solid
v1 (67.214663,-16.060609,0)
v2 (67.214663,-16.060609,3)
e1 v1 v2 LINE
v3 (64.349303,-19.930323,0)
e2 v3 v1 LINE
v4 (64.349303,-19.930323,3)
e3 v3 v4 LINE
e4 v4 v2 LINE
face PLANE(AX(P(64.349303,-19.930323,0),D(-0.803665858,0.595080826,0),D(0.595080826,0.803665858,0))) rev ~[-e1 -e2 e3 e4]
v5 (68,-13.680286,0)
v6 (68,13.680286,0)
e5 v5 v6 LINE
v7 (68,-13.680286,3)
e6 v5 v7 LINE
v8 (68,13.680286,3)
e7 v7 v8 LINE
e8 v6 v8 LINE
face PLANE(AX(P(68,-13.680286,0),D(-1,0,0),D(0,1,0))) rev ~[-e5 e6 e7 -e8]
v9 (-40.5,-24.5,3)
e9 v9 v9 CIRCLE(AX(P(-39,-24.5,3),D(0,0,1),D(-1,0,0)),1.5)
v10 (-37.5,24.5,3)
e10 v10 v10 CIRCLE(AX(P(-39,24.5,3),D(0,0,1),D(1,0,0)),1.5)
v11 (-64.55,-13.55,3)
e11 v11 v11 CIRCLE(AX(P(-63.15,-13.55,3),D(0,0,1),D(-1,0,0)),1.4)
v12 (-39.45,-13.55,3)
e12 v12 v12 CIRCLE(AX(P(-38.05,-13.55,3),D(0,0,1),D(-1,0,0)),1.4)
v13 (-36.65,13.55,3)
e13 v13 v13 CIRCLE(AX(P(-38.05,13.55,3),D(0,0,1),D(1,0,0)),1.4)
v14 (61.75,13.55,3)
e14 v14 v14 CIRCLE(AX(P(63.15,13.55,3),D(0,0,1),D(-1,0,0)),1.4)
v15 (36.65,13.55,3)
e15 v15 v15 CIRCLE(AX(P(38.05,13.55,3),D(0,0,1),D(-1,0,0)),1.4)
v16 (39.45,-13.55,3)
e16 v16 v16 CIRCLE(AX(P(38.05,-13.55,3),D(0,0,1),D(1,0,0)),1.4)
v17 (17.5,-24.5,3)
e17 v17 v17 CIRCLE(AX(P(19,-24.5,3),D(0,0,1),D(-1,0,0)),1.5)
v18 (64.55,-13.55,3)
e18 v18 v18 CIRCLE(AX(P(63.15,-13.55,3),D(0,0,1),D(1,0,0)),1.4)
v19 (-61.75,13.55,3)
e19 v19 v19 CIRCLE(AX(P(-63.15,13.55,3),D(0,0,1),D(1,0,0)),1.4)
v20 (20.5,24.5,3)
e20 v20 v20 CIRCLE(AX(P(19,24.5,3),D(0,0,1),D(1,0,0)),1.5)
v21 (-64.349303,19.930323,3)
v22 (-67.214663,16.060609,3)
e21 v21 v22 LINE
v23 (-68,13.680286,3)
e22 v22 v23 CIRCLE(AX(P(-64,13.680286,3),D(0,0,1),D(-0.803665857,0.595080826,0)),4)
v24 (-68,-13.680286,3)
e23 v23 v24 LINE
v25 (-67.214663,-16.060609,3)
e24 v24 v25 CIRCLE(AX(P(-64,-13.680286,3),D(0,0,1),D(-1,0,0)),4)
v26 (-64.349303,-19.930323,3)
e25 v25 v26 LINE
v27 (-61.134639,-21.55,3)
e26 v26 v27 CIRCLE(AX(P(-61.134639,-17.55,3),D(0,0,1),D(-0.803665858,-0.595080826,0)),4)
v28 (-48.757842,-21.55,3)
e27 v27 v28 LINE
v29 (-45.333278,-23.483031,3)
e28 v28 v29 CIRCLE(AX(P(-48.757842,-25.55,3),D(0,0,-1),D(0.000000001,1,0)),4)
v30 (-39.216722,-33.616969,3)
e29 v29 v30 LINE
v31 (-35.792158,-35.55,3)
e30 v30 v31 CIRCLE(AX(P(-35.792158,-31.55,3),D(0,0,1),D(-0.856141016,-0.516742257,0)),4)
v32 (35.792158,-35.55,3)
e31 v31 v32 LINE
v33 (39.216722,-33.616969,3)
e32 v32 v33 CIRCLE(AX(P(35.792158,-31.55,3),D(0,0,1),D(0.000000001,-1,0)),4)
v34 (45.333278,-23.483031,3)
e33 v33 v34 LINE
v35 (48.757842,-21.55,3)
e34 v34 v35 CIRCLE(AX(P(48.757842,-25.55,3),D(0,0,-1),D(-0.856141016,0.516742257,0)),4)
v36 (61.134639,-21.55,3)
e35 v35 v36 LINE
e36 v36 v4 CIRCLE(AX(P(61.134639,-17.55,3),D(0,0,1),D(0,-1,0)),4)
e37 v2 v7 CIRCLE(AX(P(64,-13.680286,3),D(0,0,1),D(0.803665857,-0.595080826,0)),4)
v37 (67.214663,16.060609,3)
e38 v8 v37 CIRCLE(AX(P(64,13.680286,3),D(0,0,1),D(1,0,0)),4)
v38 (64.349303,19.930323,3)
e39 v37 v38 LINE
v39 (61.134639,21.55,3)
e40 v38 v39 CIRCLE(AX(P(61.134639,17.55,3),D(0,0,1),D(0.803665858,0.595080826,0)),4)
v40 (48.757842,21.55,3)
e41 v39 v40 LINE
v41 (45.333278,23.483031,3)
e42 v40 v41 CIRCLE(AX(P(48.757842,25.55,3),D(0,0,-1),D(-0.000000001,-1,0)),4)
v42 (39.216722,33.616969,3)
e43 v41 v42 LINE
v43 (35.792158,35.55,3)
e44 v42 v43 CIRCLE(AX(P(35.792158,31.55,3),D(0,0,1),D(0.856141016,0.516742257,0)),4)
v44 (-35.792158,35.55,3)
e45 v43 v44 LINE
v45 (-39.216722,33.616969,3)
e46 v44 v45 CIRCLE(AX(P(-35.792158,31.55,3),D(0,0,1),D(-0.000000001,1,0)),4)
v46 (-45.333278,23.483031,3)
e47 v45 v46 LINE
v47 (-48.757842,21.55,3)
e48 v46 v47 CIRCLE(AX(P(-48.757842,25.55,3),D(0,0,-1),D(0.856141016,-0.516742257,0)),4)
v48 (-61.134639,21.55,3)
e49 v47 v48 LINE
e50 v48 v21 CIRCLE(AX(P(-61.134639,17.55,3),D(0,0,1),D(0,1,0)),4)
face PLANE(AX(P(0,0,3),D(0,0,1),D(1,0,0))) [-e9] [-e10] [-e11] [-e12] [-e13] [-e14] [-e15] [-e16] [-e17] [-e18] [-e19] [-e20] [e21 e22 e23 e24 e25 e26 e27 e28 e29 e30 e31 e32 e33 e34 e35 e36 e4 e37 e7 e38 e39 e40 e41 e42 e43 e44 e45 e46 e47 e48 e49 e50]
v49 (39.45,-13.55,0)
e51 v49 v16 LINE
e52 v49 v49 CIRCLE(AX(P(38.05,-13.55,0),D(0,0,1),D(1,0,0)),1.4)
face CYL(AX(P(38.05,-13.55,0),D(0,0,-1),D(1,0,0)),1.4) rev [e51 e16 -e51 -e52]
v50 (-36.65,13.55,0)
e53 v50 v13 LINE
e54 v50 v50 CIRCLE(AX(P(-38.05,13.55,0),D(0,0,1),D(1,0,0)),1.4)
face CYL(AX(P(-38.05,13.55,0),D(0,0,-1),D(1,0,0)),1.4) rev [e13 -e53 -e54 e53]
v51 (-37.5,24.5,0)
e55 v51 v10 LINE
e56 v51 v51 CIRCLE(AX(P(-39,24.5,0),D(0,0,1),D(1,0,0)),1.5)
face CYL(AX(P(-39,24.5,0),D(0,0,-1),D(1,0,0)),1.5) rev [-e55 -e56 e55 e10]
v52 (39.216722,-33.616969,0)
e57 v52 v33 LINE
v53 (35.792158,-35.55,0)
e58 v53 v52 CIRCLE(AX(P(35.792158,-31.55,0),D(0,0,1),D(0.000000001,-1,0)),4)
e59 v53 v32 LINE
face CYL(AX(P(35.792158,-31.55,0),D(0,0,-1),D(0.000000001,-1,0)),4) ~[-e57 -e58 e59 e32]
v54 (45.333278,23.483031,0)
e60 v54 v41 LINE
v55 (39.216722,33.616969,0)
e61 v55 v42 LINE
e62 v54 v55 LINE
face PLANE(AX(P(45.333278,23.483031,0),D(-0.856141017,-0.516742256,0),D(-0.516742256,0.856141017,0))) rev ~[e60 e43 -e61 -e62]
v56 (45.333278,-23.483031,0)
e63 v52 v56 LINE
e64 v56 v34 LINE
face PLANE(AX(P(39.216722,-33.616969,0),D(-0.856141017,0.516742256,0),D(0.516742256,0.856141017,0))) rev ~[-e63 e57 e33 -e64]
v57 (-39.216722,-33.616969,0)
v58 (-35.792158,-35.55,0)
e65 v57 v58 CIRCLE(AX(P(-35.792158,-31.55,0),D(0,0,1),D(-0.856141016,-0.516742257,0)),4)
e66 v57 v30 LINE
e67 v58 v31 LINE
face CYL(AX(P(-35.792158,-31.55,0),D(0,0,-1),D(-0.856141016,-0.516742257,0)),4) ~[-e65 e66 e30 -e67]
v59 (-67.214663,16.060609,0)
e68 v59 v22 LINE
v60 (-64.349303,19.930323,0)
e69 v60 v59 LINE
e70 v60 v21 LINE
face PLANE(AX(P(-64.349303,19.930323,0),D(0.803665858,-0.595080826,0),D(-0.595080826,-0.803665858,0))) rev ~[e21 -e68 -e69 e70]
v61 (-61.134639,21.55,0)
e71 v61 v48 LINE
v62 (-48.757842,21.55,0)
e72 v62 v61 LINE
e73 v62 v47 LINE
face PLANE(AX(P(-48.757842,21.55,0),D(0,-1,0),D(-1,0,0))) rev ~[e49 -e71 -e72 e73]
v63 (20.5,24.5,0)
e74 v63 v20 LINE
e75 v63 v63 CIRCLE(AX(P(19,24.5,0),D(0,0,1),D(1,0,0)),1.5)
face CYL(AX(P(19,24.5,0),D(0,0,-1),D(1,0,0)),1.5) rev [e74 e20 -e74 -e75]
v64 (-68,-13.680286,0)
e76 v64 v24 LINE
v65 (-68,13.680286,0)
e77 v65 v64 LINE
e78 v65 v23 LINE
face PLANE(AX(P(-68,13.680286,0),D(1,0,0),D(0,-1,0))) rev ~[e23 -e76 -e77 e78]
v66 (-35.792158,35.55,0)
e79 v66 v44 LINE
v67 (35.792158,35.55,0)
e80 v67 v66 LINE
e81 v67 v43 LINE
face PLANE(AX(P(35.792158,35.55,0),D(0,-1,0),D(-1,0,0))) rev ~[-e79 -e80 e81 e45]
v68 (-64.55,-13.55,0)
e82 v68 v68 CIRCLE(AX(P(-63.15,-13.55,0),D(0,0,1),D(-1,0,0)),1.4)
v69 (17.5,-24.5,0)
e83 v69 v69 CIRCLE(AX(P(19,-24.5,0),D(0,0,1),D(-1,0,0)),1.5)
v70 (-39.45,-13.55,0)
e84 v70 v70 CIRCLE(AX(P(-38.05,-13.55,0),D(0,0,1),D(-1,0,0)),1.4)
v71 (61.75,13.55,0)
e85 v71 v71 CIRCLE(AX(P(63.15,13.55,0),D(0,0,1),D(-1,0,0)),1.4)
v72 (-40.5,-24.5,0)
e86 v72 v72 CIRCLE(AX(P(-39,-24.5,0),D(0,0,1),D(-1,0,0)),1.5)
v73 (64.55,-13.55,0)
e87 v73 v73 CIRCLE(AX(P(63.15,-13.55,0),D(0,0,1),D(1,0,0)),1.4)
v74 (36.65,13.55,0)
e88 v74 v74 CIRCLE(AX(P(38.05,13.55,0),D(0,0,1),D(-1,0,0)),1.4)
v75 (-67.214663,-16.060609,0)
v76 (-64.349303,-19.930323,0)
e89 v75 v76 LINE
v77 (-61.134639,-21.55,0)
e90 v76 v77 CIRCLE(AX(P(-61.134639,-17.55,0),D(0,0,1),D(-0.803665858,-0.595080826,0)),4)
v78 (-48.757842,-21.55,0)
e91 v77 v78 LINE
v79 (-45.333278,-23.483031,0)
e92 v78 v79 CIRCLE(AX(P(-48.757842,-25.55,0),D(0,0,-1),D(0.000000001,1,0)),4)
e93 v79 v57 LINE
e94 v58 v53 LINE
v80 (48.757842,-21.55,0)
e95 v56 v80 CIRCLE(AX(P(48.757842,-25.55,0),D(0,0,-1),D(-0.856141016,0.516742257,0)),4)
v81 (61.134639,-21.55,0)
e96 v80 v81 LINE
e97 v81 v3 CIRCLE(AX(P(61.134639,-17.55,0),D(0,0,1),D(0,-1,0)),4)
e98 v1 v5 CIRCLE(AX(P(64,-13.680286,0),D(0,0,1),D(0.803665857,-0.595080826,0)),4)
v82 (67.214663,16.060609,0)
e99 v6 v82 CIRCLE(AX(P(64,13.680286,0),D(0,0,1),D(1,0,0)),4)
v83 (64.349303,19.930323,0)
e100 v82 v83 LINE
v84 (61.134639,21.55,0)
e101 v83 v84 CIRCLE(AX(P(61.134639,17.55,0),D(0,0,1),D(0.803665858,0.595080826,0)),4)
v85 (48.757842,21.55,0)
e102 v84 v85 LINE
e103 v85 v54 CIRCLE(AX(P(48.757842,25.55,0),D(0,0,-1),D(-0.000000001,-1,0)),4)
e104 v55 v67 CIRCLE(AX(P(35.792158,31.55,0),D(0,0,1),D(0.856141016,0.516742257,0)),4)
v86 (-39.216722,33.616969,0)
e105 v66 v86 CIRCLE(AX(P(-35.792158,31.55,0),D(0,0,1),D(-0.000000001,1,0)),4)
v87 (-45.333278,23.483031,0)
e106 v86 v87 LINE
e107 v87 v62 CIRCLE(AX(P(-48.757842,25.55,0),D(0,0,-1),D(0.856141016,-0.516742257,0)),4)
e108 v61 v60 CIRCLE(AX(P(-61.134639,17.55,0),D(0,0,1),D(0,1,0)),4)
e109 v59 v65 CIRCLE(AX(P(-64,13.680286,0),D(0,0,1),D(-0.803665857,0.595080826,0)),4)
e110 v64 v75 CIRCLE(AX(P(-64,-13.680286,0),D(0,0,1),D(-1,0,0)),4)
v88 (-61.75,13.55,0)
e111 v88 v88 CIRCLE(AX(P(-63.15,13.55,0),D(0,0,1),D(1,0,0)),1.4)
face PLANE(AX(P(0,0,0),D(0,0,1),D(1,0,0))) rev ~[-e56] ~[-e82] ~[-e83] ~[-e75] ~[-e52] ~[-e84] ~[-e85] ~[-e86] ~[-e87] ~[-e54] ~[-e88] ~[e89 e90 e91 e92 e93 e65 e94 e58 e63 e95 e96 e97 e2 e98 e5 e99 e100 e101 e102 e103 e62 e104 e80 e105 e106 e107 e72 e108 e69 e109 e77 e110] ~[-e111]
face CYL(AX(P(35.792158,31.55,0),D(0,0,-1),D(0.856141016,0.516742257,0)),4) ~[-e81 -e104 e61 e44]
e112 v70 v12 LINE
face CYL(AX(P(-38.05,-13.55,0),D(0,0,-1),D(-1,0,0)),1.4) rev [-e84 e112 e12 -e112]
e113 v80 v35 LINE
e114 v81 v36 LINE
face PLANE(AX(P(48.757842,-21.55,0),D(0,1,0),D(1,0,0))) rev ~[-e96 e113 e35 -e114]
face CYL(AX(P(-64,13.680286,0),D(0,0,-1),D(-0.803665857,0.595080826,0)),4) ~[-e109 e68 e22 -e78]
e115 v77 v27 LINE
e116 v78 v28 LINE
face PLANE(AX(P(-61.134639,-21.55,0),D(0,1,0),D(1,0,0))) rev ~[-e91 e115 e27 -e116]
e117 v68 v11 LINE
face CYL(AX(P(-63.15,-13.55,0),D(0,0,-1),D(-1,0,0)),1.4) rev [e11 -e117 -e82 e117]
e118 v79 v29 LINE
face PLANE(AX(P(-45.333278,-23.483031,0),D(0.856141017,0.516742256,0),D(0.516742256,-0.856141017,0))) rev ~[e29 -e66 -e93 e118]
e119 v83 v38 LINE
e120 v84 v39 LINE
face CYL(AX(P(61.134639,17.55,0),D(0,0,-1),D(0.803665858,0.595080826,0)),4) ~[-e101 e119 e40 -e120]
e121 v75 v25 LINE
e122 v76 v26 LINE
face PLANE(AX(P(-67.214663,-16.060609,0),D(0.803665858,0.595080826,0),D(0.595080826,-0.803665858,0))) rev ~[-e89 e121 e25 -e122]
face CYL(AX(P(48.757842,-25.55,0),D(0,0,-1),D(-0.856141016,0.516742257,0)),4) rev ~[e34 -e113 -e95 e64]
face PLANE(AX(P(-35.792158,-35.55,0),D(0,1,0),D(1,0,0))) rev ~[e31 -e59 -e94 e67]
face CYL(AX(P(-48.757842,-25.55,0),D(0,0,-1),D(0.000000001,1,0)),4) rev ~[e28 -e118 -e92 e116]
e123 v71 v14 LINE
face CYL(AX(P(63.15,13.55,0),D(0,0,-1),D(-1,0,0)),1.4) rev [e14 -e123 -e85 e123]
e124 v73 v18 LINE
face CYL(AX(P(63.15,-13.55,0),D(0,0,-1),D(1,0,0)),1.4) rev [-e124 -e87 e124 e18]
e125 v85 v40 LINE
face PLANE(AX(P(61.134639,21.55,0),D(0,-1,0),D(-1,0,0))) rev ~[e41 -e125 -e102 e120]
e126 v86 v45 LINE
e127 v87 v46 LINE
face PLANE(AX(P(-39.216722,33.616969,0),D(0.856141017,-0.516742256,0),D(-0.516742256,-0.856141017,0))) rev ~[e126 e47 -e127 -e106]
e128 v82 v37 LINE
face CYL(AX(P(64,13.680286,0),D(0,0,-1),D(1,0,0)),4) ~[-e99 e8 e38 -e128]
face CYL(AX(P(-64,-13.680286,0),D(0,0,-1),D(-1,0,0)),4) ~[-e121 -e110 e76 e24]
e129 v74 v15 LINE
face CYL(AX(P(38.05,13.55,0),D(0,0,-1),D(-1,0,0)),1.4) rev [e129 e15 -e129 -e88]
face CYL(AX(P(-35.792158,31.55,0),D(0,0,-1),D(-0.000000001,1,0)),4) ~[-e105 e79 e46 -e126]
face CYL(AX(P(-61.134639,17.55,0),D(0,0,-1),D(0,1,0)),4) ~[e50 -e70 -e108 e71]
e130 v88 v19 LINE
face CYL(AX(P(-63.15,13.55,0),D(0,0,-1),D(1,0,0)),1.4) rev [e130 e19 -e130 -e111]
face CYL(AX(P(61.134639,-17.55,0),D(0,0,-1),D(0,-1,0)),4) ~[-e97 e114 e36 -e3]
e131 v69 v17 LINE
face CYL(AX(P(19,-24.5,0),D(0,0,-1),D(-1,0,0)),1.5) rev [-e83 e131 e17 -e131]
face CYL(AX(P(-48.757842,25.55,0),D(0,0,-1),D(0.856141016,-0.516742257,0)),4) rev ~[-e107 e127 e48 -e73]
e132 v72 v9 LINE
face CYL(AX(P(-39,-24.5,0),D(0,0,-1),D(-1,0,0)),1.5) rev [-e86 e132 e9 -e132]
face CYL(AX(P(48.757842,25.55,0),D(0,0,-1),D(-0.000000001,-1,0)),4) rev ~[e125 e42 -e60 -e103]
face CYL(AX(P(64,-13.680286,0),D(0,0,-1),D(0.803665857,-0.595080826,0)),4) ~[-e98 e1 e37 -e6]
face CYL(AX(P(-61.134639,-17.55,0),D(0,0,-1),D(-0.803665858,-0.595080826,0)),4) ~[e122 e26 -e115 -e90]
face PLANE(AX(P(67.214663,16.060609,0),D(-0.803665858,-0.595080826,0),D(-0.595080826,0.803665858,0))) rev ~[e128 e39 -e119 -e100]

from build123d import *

# Parameters (mm, degrees)
SKETCH1_R           = 1.4
SKETCH1_R_2         = 1.5
BOSS_EXTRUDE1_DEPTH = 3


with BuildPart() as part:
    # Sketch1 → Boss-Extrude1 (new body)
    with BuildSketch(Plane.XY):
        with BuildLine():
            Line((68, -13.680285878), (68, 13.680285878))
            ThreePointArc((68, 13.680285878), (67.79859538, 14.93355087), (67.21466343, 16.060609182))
            Line((67.21466343, 16.060609182), (64.349302592, 19.930323303))
            ThreePointArc((64.349302592, 19.930323303), (62.93445954, 21.122204726), (61.134639162, 21.55))
            Line((61.134639162, 21.55), (48.7578418, 21.55))
            ThreePointArc((48.7578418, 21.55), (46.79161141, 22.066619738), (45.333277733, 23.483030974))
            Line((45.333277733, 23.483030974), (39.216722267, 33.616969026))
            ThreePointArc((39.216722267, 33.616969026), (37.75838859, 35.033380262), (35.7921582, 35.55))
            Line((35.7921582, 35.55), (-35.7921582, 35.55))
            ThreePointArc((-35.7921582, 35.55), (-37.75838859, 35.033380262), (-39.216722267, 33.616969026))
            Line((-39.216722267, 33.616969026), (-45.333277733, 23.483030974))
            ThreePointArc((-45.333277733, 23.483030974), (-46.79161141, 22.066619738), (-48.7578418, 21.55))
            Line((-48.7578418, 21.55), (-61.134639162, 21.55))
            ThreePointArc((-61.134639162, 21.55), (-62.93445954, 21.122204726), (-64.349302592, 19.930323303))
            Line((-64.349302592, 19.930323303), (-67.21466343, 16.060609182))
            ThreePointArc((-67.21466343, 16.060609182), (-67.79859538, 14.93355087), (-68, 13.680285878))
            Line((-68, 13.680285878), (-68, -13.680285878))
            ThreePointArc((-68, -13.680285878), (-67.79859538, -14.93355087), (-67.21466343, -16.060609182))
            Line((-67.21466343, -16.060609182), (-64.349302592, -19.930323303))
            ThreePointArc((-64.349302592, -19.930323303), (-62.93445954, -21.122204726), (-61.134639162, -21.55))
            Line((-61.134639162, -21.55), (-48.7578418, -21.55))
            ThreePointArc((-48.7578418, -21.55), (-46.79161141, -22.066619738), (-45.333277733, -23.483030974))
            Line((-45.333277733, -23.483030974), (-39.216722267, -33.616969026))
            ThreePointArc((-39.216722267, -33.616969026), (-37.75838859, -35.033380262), (-35.7921582, -35.55))
            Line((-35.7921582, -35.55), (35.7921582, -35.55))
            ThreePointArc((35.7921582, -35.55), (37.75838859, -35.033380262), (39.216722267, -33.616969026))
            Line((39.216722267, -33.616969026), (45.333277733, -23.483030974))
            ThreePointArc((45.333277733, -23.483030974), (46.79161141, -22.066619738), (48.7578418, -21.55))
            Line((48.7578418, -21.55), (61.134639162, -21.55))
            ThreePointArc((61.134639162, -21.55), (62.93445954, -21.122204726), (64.349302592, -19.930323303))
            Line((64.349302592, -19.930323303), (67.21466343, -16.060609182))
            ThreePointArc((67.21466343, -16.060609182), (67.79859538, -14.93355087), (68, -13.680285878))
        make_face()
        with Locations((38.05, -13.55)):
            Circle(SKETCH1_R, mode=Mode.SUBTRACT)
        with Locations((63.15, -13.55)):
            Circle(SKETCH1_R, mode=Mode.SUBTRACT)
        with Locations(Location((63.15, 13.55, 0), (0, 0, 180))):
            Circle(SKETCH1_R, mode=Mode.SUBTRACT)
        with Locations(Location((38.05, 13.55, 0), (0, 0, 180))):
            Circle(SKETCH1_R, mode=Mode.SUBTRACT)
        with Locations(Location((-38.05, -13.55, 0), (0, 0, 180))):
            Circle(SKETCH1_R, mode=Mode.SUBTRACT)
        with Locations(Location((-63.15, -13.55, 0), (0, 0, 180))):
            Circle(SKETCH1_R, mode=Mode.SUBTRACT)
        with Locations((-63.15, 13.55)):
            Circle(SKETCH1_R, mode=Mode.SUBTRACT)
        with Locations((-38.05, 13.55)):
            Circle(SKETCH1_R, mode=Mode.SUBTRACT)
        with Locations((-39, 24.5)):
            Circle(SKETCH1_R_2, mode=Mode.SUBTRACT)
        with Locations((19, 24.5)):
            Circle(SKETCH1_R_2, mode=Mode.SUBTRACT)
        with Locations(Location((19, -24.5, 0), (0, 0, 180))):
            Circle(SKETCH1_R_2, mode=Mode.SUBTRACT)
        with Locations(Location((-39, -24.5, 0), (0, 0, 180))):
            Circle(SKETCH1_R_2, mode=Mode.SUBTRACT)
    extrude(amount=BOSS_EXTRUDE1_DEPTH)


solid = part.part
